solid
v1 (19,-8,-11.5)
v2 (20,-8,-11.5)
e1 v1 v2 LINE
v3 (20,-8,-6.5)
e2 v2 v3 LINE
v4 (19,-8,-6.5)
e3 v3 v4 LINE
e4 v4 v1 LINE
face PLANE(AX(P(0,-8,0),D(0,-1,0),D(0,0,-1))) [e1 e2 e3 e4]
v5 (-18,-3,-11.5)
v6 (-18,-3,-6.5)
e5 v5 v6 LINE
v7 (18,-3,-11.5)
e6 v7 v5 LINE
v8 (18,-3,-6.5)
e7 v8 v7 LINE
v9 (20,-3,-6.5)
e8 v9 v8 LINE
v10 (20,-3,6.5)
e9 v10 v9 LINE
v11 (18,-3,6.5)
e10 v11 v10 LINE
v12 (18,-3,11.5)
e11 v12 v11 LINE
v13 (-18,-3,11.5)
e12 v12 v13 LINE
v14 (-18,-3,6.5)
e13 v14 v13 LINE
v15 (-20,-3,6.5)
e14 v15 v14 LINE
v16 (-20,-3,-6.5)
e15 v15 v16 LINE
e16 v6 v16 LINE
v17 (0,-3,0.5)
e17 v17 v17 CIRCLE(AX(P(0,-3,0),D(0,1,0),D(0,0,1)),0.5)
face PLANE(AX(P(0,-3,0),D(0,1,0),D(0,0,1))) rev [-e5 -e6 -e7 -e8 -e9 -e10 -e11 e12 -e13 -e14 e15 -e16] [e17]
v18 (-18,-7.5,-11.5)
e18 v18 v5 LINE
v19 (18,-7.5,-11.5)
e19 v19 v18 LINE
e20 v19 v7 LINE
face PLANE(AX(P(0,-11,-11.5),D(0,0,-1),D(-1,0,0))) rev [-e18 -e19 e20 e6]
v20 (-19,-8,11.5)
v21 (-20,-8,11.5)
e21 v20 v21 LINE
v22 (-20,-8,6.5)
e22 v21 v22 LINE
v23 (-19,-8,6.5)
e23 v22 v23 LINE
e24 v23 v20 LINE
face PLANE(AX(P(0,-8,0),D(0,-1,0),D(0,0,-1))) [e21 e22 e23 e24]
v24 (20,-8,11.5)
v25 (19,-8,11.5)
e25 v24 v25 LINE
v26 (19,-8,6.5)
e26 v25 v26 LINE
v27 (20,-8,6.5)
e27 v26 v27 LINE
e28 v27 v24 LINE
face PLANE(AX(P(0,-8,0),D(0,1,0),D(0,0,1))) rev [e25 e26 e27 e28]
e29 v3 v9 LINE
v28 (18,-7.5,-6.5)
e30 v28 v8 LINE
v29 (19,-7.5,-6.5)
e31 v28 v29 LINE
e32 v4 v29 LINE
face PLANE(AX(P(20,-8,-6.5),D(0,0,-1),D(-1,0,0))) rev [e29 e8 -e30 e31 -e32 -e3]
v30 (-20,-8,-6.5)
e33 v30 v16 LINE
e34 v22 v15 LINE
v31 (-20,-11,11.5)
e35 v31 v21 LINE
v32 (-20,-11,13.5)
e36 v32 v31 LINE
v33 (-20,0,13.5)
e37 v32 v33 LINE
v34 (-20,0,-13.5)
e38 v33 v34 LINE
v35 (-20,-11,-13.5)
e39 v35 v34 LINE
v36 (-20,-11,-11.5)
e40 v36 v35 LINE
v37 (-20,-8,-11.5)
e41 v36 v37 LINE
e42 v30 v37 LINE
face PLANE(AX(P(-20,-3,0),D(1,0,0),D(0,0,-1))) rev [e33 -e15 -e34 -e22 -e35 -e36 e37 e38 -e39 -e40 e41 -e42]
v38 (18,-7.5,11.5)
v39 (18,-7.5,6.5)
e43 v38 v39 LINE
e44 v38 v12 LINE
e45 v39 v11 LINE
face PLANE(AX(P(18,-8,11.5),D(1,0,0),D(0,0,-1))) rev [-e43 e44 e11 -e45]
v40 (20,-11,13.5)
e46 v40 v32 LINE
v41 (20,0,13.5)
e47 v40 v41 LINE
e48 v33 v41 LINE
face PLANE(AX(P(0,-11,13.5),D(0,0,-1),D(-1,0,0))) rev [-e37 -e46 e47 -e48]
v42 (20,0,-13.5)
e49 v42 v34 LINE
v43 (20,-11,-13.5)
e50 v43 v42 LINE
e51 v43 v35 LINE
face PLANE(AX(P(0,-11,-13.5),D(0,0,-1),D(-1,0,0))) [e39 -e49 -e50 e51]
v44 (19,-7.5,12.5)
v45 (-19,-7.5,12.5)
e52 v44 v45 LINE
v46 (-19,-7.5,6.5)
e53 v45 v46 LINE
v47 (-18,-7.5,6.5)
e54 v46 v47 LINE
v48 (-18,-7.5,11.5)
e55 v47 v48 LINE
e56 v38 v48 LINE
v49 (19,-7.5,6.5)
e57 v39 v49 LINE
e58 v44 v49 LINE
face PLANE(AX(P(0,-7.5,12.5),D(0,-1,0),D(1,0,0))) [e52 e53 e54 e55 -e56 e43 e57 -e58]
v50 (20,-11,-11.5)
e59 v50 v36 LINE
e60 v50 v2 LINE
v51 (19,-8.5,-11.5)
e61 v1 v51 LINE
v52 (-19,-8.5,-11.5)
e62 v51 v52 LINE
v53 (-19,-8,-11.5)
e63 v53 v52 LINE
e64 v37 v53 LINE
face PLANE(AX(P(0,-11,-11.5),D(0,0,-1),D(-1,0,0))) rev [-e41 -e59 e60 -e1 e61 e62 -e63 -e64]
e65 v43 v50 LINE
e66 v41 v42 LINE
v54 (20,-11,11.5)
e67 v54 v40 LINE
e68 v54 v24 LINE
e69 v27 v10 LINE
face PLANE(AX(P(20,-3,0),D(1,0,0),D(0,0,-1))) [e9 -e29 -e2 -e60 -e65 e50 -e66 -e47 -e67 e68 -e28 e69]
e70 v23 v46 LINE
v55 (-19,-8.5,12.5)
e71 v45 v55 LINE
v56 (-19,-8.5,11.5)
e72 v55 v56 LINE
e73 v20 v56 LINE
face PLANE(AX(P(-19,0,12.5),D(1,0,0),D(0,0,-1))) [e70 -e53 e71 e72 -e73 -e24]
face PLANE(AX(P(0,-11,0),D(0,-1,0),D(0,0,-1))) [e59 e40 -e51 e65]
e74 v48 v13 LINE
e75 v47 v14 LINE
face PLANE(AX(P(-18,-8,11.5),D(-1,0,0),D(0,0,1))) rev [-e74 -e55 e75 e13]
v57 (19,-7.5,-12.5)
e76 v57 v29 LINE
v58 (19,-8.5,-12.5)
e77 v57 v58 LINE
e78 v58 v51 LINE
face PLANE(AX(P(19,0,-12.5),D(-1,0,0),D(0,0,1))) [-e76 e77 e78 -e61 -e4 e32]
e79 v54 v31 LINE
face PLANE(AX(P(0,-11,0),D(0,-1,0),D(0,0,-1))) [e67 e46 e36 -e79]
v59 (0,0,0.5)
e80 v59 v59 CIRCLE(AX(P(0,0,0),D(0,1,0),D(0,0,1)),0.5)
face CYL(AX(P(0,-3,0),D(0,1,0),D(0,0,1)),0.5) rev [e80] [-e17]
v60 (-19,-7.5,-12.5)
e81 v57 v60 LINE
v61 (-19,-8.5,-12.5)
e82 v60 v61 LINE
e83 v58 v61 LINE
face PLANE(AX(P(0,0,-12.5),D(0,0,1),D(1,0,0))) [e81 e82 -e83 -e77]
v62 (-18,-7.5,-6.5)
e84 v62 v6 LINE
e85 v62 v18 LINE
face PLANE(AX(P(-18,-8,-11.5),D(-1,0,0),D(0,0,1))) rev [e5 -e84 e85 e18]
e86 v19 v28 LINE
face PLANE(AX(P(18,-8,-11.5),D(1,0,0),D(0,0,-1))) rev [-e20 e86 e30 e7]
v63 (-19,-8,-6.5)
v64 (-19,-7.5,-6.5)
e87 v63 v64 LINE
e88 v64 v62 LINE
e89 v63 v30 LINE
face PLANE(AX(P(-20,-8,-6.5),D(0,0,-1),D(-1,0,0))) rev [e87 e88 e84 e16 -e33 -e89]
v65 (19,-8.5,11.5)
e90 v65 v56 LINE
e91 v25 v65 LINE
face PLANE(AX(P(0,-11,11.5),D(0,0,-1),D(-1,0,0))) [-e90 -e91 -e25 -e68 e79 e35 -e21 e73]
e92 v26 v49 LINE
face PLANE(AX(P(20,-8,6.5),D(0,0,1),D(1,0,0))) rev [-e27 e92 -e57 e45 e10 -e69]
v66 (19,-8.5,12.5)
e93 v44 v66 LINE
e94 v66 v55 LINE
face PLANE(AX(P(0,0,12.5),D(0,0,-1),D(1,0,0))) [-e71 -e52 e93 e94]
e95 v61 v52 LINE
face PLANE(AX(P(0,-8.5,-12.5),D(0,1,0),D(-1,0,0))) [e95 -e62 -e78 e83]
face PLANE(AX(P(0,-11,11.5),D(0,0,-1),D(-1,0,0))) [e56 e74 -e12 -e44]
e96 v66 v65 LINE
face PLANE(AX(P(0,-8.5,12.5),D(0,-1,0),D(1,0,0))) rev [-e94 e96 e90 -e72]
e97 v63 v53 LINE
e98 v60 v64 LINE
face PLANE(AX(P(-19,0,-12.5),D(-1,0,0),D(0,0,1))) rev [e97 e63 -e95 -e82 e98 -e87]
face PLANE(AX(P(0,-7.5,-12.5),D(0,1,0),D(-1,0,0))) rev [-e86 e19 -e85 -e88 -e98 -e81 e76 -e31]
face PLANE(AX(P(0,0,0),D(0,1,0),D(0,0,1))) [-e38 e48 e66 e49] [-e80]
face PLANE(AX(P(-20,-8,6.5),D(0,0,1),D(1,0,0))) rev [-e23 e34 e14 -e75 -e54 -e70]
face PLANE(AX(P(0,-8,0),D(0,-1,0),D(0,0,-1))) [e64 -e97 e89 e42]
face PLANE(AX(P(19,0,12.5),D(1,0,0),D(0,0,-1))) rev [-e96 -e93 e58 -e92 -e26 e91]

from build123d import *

# Parameters (mm, degrees)
SKETCH3_W           = 40
SKETCH3_H           = 40
SKETCH3_R           = 5
SKETCH3_R_2         = 0.5
BOSS_EXTRUDE2_DEPTH = 3
BOSS_EXTRUDE3_DEPTH = 8
SKETCH6_W           = 2
SKETCH6_H           = 5
BOSS_EXTRUDE5_DEPTH = 5
SKETCH7_W           = 40
SKETCH7_H           = 6.5
CUT_EXTRUDE1_DEPTH  = 3
SKETCH8_W           = 40
SKETCH8_H           = 6.5
CUT_EXTRUDE2_DEPTH  = 3
CUT_EXTRUDE3_START  = -1
SKETCH5_W           = 5
SKETCH5_H           = 0.5
CUT_EXTRUDE3_DEPTH  = 6


with BuildPart() as part:
    # Sketch3 → Boss-Extrude2 (new body)
    with BuildSketch(Plane(origin=(0, 0, 0), x_dir=(1, 0, 0), z_dir=(0, 1, 0))):
        Rectangle(SKETCH3_W, SKETCH3_H)
        Circle(SKETCH3_R, mode=Mode.SUBTRACT)
        Circle(SKETCH3_R)
        Circle(SKETCH3_R_2, mode=Mode.SUBTRACT)
    extrude(amount=-BOSS_EXTRUDE2_DEPTH)

    # Sketch4 → Boss-Extrude3 (add)
    with BuildSketch(Plane.XZ.offset(3)):
        Polygon((20, -11.5), (0, -11.5), (-20, -11.5), (-20, -13.5), (20, -13.5), align=None)
        Polygon((-20, 11.5), (0, 11.5), (20, 11.5), (20, 13.5), (-20, 13.5), align=None)
    extrude(amount=BOSS_EXTRUDE3_DEPTH)

    # Sketch6 → Boss-Extrude5 (add)
    with BuildSketch(Plane.XZ.offset(3)):
        with Locations((19, 9)):
            Rectangle(SKETCH6_W, SKETCH6_H)
        with Locations((19, -9)):
            Rectangle(SKETCH6_W, SKETCH6_H)
        with Locations((-19, -9)):
            Rectangle(SKETCH6_W, SKETCH6_H)
        with Locations((-19, 9)):
            Rectangle(SKETCH6_W, SKETCH6_H)
    extrude(amount=BOSS_EXTRUDE5_DEPTH)

    # Sketch7 → Cut-Extrude1 (cut)
    with BuildSketch(Plane(origin=(0, -3, 0), x_dir=(-1, 0, 0), z_dir=(0, -1, 0))):
        with Locations((0, -16.75)):
            Rectangle(SKETCH7_W, SKETCH7_H)
    extrude(amount=-CUT_EXTRUDE1_DEPTH, mode=Mode.SUBTRACT)

    # Sketch8 → Cut-Extrude2 (cut)
    with BuildSketch(Plane.XZ.offset(3)):
        with Locations((0, -16.75)):
            Rectangle(SKETCH8_W, SKETCH8_H)
    extrude(amount=-CUT_EXTRUDE2_DEPTH, mode=Mode.SUBTRACT)

    # Sketch5 → Cut-Extrude3 (cut)
    with BuildSketch(Plane.XY.offset(-11.5).offset(CUT_EXTRUDE3_START)):
        Polygon((19, -7.5), (0, -7.5), (0, -8), (5, -8), (5, -8.5), (19, -8.5), align=None)
        Polygon((0, -8), (0, -7.5), (-19, -7.5), (-19, -8.5), (-5, -8.5), (-5, -8), align=None)
        with Locations((-2.5, -8.25)):
            Rectangle(SKETCH5_W, SKETCH5_H)
        with Locations((2.5, -8.25)):
            Rectangle(SKETCH5_W, SKETCH5_H)
    cut_extrude3 = extrude(amount=CUT_EXTRUDE3_DEPTH, mode=Mode.SUBTRACT)

    # Mirror2: Cut-Extrude3 across plane
    add(cut_extrude3.mirror(Plane.XY), mode=Mode.SUBTRACT)


solid = part.part
